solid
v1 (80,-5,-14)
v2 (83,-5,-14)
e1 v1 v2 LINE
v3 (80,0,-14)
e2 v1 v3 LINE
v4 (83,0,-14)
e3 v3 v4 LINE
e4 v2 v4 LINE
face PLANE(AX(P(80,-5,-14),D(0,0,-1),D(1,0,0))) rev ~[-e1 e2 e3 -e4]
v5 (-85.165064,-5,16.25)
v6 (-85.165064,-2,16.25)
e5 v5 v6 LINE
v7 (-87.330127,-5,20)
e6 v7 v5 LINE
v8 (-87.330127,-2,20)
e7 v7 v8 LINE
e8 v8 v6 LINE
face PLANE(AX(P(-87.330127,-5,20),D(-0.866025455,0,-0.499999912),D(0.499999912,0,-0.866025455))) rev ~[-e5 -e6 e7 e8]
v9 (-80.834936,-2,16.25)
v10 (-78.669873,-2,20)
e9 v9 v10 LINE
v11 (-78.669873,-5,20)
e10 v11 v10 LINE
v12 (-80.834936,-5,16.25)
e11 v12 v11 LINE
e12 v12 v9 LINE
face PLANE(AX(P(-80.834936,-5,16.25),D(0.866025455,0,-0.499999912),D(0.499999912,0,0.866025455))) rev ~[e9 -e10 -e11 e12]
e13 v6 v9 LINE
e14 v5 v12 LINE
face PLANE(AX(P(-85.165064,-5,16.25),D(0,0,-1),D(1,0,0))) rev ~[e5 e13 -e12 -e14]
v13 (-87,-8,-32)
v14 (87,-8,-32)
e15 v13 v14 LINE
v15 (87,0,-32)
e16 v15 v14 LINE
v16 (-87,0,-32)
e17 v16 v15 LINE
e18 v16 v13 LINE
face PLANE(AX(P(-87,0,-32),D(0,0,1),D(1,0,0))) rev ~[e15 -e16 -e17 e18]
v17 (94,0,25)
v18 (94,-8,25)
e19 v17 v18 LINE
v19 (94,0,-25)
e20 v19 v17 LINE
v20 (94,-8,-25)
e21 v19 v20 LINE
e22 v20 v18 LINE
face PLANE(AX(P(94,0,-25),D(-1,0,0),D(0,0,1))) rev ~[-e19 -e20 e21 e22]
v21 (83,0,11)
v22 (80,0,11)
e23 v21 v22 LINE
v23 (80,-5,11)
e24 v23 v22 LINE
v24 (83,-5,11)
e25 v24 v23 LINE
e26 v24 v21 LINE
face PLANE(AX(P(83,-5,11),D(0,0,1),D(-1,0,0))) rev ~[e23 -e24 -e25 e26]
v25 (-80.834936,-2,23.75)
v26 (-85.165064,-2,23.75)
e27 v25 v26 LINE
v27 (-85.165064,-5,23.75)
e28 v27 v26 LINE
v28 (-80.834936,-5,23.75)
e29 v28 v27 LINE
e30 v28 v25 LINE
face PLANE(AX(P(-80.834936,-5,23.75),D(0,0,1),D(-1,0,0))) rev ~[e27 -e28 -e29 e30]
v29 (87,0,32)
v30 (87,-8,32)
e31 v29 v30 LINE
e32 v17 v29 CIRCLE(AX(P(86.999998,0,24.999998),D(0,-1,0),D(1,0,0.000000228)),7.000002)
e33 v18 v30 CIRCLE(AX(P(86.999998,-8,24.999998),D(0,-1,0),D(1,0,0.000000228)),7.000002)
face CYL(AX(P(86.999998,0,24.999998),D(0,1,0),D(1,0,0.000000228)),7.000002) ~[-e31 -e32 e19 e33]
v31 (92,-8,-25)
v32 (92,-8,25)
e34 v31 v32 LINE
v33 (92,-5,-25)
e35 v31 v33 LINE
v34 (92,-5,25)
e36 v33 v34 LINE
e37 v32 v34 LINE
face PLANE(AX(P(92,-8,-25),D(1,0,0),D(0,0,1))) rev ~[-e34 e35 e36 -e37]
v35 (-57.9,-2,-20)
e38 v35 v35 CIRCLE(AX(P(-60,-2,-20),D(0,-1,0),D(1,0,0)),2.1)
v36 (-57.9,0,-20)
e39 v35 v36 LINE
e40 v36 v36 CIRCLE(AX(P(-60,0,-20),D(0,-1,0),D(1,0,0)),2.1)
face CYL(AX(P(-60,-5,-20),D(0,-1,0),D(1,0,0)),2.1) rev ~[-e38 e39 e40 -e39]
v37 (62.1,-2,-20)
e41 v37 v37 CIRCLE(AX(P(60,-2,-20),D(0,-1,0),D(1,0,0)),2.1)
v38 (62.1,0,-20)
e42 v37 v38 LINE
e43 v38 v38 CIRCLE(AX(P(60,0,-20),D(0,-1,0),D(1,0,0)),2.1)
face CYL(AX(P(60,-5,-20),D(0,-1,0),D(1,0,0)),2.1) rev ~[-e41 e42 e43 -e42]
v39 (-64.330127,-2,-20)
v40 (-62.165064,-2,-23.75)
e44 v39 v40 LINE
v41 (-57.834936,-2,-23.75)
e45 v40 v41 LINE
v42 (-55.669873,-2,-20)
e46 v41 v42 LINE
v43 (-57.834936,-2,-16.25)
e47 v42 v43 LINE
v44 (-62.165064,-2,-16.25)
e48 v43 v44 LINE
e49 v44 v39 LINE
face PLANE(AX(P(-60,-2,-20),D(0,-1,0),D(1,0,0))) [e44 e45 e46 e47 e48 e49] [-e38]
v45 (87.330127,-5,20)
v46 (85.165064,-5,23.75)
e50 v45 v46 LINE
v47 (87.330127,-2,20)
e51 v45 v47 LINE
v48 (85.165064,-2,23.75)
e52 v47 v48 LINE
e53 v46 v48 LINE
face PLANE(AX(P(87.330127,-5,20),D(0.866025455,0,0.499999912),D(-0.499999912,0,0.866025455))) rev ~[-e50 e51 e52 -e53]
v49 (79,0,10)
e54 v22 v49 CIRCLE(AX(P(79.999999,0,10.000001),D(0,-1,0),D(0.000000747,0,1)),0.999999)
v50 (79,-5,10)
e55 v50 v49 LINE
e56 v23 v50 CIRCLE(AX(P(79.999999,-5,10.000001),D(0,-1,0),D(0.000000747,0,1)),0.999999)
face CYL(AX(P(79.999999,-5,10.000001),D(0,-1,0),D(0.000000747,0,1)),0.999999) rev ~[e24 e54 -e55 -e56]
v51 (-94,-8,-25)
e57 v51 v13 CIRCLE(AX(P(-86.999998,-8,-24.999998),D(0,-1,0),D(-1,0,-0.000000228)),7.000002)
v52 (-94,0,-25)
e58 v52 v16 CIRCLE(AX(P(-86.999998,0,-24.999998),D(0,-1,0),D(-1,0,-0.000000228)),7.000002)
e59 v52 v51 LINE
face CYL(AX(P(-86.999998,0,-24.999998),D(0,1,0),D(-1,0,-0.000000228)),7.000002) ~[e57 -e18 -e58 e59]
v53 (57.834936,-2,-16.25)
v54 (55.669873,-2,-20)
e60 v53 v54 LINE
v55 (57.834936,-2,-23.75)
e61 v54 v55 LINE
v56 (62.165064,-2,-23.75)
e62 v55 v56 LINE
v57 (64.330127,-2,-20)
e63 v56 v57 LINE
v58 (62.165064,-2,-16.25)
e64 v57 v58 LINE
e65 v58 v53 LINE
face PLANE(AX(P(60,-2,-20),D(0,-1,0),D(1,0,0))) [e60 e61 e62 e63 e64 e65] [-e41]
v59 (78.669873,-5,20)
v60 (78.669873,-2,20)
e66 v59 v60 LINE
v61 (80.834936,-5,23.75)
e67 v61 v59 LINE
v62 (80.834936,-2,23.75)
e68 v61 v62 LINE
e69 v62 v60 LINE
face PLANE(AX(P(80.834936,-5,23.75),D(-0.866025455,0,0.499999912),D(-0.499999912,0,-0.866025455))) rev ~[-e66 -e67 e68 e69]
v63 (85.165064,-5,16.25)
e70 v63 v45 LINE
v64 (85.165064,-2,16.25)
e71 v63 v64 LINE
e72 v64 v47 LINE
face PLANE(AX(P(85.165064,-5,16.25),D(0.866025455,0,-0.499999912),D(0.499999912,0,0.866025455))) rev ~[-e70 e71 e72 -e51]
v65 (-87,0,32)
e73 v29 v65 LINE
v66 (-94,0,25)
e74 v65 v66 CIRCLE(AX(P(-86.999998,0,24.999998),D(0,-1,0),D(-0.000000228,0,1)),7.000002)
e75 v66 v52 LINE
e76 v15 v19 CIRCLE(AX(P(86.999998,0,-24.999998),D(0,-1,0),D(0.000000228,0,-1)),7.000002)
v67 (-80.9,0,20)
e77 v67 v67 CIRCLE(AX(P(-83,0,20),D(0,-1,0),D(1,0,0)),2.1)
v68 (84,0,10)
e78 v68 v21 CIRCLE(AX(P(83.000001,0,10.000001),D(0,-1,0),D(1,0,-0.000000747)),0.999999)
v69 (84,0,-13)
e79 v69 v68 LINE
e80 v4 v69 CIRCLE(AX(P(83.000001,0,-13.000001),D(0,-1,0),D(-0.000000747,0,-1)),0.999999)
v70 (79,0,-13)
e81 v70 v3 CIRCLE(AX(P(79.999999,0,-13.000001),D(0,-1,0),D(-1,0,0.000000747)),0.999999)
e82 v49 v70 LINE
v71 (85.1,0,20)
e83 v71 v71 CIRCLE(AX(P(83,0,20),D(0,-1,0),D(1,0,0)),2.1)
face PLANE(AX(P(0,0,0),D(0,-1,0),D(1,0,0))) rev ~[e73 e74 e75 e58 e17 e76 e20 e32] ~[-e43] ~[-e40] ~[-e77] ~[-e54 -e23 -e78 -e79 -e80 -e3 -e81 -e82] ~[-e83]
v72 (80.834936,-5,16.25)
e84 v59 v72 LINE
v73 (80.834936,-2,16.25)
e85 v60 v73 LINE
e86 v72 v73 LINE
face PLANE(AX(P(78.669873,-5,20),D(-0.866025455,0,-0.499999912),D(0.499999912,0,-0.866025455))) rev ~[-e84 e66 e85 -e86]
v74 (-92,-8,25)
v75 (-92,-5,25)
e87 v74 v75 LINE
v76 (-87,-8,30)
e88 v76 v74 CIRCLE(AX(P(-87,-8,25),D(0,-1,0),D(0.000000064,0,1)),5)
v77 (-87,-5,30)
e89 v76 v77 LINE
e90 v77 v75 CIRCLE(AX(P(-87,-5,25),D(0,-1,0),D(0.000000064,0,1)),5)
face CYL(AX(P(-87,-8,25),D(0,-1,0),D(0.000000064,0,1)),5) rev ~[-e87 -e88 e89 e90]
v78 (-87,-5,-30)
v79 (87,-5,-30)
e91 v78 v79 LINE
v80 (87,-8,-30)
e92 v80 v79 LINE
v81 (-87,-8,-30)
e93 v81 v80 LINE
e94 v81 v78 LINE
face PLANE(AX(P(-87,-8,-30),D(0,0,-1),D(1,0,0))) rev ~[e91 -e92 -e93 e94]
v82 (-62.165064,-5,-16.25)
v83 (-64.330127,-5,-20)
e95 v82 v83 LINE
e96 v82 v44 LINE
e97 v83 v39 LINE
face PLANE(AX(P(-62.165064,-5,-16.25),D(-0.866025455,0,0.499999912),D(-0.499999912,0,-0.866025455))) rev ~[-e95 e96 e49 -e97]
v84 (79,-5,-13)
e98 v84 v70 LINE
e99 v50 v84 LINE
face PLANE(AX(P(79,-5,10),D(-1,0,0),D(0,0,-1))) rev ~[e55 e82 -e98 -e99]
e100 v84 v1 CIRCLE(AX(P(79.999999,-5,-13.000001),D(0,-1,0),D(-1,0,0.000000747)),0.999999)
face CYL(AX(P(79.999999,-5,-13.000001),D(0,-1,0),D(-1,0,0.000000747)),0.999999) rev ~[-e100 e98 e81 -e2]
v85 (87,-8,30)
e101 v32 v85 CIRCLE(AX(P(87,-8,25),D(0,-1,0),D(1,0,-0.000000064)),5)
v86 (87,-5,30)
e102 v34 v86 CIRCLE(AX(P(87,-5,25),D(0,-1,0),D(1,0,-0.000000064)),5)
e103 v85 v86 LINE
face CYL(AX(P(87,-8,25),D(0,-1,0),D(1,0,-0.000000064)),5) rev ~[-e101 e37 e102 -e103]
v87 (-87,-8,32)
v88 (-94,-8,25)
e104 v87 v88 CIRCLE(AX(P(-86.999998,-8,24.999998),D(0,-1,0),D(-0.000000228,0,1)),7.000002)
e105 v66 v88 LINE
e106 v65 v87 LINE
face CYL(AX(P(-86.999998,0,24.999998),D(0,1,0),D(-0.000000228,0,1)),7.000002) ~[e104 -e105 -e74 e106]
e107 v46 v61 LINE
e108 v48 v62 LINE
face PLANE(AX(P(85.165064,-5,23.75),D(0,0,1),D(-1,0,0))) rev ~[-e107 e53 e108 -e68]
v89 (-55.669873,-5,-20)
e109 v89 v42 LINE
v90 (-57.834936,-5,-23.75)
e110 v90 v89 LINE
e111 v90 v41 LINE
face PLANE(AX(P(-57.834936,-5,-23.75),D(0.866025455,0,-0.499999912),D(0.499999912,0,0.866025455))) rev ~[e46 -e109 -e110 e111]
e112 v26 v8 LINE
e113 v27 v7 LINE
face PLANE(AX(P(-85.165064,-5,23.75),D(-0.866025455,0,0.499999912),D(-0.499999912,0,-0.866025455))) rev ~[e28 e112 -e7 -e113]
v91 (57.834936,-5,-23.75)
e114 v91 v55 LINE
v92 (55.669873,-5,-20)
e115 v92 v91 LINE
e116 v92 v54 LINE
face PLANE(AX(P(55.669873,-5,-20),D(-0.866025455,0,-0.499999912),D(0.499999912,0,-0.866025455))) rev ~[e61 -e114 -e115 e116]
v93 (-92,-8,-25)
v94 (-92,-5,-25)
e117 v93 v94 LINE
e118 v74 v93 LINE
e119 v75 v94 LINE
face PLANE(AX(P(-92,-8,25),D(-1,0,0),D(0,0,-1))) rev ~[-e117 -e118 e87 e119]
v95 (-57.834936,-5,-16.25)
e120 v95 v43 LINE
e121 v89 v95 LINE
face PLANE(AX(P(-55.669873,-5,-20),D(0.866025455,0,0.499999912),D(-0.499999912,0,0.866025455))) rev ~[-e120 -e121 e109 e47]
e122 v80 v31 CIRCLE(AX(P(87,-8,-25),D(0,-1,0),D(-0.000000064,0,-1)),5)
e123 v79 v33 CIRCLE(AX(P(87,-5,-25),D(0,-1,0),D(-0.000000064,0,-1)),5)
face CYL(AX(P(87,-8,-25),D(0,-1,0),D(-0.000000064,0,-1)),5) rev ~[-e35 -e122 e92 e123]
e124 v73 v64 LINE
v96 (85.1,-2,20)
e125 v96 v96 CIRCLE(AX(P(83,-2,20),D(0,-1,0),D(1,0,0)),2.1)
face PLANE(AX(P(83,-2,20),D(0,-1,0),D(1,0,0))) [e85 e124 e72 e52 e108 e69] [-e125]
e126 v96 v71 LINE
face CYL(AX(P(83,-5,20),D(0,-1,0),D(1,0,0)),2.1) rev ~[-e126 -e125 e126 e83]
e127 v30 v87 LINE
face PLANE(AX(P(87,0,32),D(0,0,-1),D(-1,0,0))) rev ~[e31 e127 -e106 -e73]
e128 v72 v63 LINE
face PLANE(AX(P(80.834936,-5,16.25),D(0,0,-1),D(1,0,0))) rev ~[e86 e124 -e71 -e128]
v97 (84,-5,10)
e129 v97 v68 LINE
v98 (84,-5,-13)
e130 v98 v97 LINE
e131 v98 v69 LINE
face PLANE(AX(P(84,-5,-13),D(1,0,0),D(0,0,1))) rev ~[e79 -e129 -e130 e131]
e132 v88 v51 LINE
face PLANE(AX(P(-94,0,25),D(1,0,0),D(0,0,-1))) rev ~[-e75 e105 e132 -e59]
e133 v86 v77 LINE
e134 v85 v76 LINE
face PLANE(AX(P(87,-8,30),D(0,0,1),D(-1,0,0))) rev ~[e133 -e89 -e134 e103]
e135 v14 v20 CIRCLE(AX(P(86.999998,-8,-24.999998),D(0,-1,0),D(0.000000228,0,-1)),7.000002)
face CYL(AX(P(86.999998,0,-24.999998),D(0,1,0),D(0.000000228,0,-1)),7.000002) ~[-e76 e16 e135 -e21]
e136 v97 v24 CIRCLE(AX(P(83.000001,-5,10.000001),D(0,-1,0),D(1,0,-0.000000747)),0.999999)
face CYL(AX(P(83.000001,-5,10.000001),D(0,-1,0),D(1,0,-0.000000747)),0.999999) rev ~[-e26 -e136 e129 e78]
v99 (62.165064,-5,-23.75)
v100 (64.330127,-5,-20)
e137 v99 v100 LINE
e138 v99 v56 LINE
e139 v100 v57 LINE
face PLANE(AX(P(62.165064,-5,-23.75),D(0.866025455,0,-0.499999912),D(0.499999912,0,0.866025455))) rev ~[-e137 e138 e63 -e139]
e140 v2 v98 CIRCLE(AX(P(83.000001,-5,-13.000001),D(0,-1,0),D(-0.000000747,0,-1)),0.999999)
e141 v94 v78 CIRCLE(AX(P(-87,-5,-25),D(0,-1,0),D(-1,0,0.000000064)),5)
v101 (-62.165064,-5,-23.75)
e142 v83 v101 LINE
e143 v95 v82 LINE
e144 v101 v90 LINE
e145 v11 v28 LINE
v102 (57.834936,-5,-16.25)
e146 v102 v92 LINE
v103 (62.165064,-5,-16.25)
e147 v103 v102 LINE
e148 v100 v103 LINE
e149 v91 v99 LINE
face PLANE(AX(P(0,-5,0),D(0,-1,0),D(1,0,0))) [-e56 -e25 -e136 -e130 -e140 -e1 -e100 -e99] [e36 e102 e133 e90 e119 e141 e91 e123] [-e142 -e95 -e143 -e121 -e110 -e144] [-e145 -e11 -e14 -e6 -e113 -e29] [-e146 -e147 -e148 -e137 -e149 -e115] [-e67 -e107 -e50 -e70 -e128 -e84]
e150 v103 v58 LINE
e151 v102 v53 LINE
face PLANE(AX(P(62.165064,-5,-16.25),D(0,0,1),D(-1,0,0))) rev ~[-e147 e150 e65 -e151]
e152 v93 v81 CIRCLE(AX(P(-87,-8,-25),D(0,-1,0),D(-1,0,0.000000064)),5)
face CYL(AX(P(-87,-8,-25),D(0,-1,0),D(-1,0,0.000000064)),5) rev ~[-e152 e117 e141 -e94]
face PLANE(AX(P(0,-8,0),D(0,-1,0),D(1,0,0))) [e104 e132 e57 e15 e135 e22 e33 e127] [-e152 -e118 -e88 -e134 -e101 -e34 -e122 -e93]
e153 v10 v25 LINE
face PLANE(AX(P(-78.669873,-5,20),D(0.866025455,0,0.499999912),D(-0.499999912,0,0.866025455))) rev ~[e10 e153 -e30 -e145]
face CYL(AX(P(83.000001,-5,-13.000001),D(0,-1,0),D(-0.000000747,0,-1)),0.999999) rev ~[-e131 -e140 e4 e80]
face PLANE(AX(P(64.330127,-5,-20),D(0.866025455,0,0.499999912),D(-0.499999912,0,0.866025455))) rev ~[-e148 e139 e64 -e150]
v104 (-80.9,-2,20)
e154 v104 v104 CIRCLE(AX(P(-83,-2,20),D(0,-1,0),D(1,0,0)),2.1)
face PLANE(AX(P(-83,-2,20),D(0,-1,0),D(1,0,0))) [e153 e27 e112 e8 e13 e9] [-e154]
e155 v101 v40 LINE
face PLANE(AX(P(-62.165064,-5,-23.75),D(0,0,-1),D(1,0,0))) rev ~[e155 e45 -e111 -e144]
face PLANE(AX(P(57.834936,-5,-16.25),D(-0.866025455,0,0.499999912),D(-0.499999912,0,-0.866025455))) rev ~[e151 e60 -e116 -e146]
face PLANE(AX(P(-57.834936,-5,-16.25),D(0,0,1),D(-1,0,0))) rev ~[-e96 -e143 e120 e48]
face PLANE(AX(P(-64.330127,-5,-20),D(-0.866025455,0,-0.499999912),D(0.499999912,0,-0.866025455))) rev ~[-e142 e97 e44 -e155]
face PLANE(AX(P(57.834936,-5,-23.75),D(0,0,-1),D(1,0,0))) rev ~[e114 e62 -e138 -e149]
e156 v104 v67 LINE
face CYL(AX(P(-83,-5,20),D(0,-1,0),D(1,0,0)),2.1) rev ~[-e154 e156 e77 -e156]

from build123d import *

# Parameters (mm, degrees)
F1_DEPTH  = 8
F3_DEPTH  = 3
F7_DEPTH  = 3
F8_R      = 2.1
F9_DEPTH  = 5
F13_DEPTH = 25


with BuildPart() as f1:
    # F0 (on Front) → F1 (new body)
    with BuildSketch(Plane.XZ):
        with BuildLine():
            Line((-87, -32), (87, -32))
            ThreePointArc((87, -32), (91.949747, -29.949747), (94, -25))
            Line((94, -25), (94, 25))
            ThreePointArc((94, 25), (91.949747, 29.949747), (87, 32))
            Line((87, 32), (-87, 32))
            ThreePointArc((-87, 32), (-91.949747, 29.949747), (-94, 25))
            Line((-94, 25), (-94, -25))
            ThreePointArc((-94, -25), (-91.949747, -29.949747), (-87, -32))
        make_face()
    extrude(amount=F1_DEPTH)

    # F2 (on face) → F3 (cut)
    with BuildSketch(Plane.XZ.offset(8)):
        with BuildLine():
            Line((87, 30), (-87, 30))
            ThreePointArc((-87, 30), (-90.535534, 28.535534), (-92, 25))
            Line((-92, 25), (-92, -25))
            ThreePointArc((-92, -25), (-90.535534, -28.535534), (-87, -30))
            Line((-87, -30), (87, -30))
            ThreePointArc((87, -30), (90.535534, -28.535534), (92, -25))
            Line((92, -25), (92, 25))
            ThreePointArc((92, 25), (90.535534, 28.535534), (87, 30))
        make_face()
    extrude(amount=-F3_DEPTH, mode=Mode.SUBTRACT)

    # F6 (on face) → F7 (cut)
    with BuildSketch(Plane.XZ.offset(5)):
        Polygon((55.669873, -20), (57.834936, -23.75), (62.165064, -23.75), (64.330127, -20), (62.165064, -16.25), (57.834936, -16.25), align=None)
        Polygon((78.669873, 20), (80.834936, 16.25), (85.165064, 16.25), (87.330127, 20), (85.165064, 23.75), (80.834936, 23.75), align=None)
        Polygon((-64.330127, -20), (-62.165064, -23.75), (-57.834936, -23.75), (-55.669873, -20), (-57.834936, -16.25), (-62.165064, -16.25), align=None)
        Polygon((-87.330127, 20), (-85.165064, 16.25), (-80.834936, 16.25), (-78.669873, 20), (-80.834936, 23.75), (-85.165064, 23.75), align=None)
    extrude(amount=-F7_DEPTH, mode=Mode.SUBTRACT)

    # F8 (on face) → F9 (cut, through all)
    with BuildSketch(Plane.XZ.offset(5)):
        with Locations((-83, 20)):
            Circle(F8_R)
        with Locations((-60, -20)):
            Circle(F8_R)
        with Locations((83, 20)):
            Circle(F8_R)
        with Locations((60, -20)):
            Circle(F8_R)
    extrude(amount=-F9_DEPTH, mode=Mode.SUBTRACT)

    # F12 (on face) → F13 (cut)
    with BuildSketch(Plane.XZ.offset(5)):
        with BuildLine():
            ThreePointArc((79, -13), (79.292893, -13.707107), (80, -14))
            Line((80, -14), (83, -14))
            ThreePointArc((83, -14), (83.707107, -13.707107), (84, -13))
            Line((84, -13), (84, 10))
            ThreePointArc((84, 10), (83.707107, 10.707107), (83, 11))
            Line((83, 11), (80, 11))
            ThreePointArc((80, 11), (79.292893, 10.707107), (79, 10))
            Line((79, 10), (79, -13))
        make_face()
    extrude(amount=-F13_DEPTH, mode=Mode.SUBTRACT)


solid = f1.part
